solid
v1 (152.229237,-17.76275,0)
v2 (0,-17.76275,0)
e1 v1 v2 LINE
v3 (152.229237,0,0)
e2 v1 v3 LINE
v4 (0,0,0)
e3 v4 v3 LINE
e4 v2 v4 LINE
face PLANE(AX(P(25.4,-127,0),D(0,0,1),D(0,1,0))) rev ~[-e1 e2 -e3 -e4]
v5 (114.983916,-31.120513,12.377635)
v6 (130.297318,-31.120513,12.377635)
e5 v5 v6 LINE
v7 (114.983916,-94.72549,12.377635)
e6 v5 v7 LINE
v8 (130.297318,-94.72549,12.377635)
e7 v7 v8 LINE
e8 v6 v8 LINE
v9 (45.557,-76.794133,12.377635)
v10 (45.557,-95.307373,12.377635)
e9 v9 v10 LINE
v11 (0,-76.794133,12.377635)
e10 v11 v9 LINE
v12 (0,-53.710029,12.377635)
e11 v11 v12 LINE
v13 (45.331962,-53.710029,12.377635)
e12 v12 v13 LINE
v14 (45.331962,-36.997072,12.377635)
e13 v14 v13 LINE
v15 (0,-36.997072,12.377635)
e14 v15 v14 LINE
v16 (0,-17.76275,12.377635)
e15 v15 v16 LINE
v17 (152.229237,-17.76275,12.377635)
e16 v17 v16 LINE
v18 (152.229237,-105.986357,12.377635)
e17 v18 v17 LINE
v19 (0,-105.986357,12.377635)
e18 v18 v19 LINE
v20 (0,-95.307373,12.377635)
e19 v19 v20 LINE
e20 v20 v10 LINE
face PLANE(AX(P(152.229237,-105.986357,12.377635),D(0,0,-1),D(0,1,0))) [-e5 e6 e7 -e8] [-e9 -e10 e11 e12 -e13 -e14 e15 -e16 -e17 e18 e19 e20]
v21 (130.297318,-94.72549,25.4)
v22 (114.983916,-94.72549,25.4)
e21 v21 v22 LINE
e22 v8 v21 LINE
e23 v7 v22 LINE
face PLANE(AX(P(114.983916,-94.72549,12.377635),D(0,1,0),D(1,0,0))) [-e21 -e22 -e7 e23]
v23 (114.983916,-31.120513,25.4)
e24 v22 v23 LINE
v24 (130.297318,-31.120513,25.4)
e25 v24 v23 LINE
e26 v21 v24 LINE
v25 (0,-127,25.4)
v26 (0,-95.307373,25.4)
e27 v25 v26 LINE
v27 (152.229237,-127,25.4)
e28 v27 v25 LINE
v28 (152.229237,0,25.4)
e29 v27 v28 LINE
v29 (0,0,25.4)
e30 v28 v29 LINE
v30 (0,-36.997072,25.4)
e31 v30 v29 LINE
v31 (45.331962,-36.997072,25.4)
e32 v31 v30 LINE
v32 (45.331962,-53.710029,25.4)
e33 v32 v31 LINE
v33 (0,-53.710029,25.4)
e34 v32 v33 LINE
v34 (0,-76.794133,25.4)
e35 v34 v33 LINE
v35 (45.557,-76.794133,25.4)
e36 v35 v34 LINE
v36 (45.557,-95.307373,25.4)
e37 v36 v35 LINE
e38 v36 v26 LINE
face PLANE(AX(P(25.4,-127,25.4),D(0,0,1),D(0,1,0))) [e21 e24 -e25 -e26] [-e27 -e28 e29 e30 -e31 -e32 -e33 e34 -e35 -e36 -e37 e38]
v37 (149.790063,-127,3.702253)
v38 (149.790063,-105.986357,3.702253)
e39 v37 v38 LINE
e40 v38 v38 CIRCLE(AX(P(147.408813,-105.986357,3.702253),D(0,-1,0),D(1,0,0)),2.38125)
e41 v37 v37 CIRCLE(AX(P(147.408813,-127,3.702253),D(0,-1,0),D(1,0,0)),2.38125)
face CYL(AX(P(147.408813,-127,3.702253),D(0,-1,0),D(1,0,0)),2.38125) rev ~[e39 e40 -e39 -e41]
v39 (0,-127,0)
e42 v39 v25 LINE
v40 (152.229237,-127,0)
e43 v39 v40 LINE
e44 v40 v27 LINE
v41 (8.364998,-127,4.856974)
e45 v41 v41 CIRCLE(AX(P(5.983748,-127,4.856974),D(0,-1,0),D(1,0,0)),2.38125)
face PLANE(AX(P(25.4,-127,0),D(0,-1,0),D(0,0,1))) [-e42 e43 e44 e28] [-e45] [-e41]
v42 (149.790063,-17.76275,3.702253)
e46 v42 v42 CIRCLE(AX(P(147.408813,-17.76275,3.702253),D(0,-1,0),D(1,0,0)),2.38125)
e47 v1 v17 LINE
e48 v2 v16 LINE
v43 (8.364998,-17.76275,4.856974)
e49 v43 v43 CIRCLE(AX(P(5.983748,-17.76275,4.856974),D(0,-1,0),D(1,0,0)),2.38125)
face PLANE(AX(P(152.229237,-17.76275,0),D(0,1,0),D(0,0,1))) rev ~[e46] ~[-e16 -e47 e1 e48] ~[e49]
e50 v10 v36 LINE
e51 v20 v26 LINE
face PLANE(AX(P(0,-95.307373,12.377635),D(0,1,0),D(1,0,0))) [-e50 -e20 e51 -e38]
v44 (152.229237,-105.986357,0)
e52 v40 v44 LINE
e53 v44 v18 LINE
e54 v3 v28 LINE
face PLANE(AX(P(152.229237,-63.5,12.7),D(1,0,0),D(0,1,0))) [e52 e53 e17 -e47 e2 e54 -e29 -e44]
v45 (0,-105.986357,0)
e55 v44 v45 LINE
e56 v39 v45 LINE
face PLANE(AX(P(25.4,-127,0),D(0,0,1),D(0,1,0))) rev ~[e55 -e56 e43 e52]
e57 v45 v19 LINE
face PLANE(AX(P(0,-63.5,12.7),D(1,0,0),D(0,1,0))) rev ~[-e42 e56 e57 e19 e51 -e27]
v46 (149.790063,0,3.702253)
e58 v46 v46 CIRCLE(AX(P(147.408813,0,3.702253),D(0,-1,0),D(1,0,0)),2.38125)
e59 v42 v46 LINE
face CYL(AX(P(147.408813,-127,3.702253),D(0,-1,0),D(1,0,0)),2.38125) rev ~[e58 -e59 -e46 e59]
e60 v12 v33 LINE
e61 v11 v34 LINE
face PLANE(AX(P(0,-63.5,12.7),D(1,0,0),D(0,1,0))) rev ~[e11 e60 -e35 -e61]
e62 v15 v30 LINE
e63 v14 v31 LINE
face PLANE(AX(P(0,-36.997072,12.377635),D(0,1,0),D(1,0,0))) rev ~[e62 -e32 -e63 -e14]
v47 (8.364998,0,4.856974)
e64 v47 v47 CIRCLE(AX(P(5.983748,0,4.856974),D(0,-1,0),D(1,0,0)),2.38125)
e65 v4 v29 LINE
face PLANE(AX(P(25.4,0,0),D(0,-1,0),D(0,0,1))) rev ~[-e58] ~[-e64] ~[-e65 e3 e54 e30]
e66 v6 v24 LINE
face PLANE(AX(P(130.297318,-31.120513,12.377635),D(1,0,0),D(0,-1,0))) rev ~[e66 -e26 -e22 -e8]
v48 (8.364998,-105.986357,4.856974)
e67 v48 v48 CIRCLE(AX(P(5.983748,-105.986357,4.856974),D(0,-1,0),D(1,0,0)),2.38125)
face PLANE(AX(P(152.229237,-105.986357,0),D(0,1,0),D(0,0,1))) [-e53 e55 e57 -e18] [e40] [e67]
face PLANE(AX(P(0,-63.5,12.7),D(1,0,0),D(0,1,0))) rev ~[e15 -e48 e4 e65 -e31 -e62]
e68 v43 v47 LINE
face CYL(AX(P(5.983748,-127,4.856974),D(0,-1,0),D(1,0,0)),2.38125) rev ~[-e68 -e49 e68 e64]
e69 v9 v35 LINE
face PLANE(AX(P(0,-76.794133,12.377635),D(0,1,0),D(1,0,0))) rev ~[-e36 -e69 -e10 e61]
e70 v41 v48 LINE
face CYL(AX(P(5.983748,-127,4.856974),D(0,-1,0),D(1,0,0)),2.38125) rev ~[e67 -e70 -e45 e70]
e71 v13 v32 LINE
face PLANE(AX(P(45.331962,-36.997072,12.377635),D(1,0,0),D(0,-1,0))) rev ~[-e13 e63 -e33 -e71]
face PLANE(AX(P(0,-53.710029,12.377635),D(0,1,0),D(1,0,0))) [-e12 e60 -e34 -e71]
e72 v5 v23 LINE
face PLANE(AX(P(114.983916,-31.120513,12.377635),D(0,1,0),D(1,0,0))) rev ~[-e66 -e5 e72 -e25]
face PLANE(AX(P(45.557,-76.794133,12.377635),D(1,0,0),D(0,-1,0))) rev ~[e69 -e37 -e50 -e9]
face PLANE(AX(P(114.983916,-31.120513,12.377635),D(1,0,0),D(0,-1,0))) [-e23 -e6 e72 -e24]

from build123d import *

# Parameters (mm, degrees)
F0_W      = 127
F0_H      = 25.4
F1_DEPTH  = 25.4
F2_DEPTH  = 126.8292367458
F3_W      = 88.223606348
F3_H      = 12.3776346445
F4_DEPTH  = 152.2302367458
F5_R      = 2.38125
F6_DEPTH  = 127.001
F7_R      = 2.38125
F8_DEPTH  = 127.001
F9_W      = 45.556999743
F9_H      = 18.5132399201
F9_W_2    = 45.3319624066
F9_H_2    = 16.7129561305
F9_W_3    = 15.3134018183
F9_H_3    = 63.6049769819
F10_DEPTH = 13.0233653555


with BuildPart() as f1:
    # F0 (on Right) → F1 (new body)
    with BuildSketch(Plane.YZ):
        with Locations((-63.5, 12.7)):
            Rectangle(F0_W, F0_H)
    extrude(amount=F1_DEPTH)

    # F2 (add): a face of the model
    f2_faces = [f1.faces().sort_by_distance(p)[0] for p in [
        (25.4, -63.5, 12.7),
    ]]
    extrude(f2_faces, amount=F2_DEPTH)

    # F3 (on face) → F4 (cut, through all)
    with BuildSketch(Plane.YZ.offset(152.2292367458)):
        with Locations((-61.8745535612, 6.1888173223)):
            Rectangle(F3_W, F3_H)
    extrude(amount=-F4_DEPTH, mode=Mode.SUBTRACT)

    # F5 (on face) → F6 (cut, through all)
    with BuildSketch(Plane.XZ.offset(127)):
        with Locations((147.4088132381, 3.7022531033)):
            Circle(F5_R)
    extrude(amount=-F6_DEPTH, mode=Mode.SUBTRACT)

    # F7 (on face) → F8 (cut, through all)
    with BuildSketch(Plane.XZ.offset(127)):
        with Locations((5.9837484732, 4.8569738865)):
            Circle(F7_R)
    extrude(amount=-F8_DEPTH, mode=Mode.SUBTRACT)

    # F9 (on face) → F10 (cut, through all)
    with BuildSketch(Plane(origin=(0, 0, 12.3776346445), x_dir=(1, 0, 0), z_dir=(0, 0, -1))):
        with Locations((22.7784998715, 86.0507525504)):
            Rectangle(F9_W, F9_H)
        with Locations((22.6659812033, 45.3535504639)):
            Rectangle(F9_W_2, F9_H_2)
        with Locations((122.6406171918, 62.9230011255)):
            Rectangle(F9_W_3, F9_H_3)
    extrude(amount=-F10_DEPTH, mode=Mode.SUBTRACT)


solid = f1.part
